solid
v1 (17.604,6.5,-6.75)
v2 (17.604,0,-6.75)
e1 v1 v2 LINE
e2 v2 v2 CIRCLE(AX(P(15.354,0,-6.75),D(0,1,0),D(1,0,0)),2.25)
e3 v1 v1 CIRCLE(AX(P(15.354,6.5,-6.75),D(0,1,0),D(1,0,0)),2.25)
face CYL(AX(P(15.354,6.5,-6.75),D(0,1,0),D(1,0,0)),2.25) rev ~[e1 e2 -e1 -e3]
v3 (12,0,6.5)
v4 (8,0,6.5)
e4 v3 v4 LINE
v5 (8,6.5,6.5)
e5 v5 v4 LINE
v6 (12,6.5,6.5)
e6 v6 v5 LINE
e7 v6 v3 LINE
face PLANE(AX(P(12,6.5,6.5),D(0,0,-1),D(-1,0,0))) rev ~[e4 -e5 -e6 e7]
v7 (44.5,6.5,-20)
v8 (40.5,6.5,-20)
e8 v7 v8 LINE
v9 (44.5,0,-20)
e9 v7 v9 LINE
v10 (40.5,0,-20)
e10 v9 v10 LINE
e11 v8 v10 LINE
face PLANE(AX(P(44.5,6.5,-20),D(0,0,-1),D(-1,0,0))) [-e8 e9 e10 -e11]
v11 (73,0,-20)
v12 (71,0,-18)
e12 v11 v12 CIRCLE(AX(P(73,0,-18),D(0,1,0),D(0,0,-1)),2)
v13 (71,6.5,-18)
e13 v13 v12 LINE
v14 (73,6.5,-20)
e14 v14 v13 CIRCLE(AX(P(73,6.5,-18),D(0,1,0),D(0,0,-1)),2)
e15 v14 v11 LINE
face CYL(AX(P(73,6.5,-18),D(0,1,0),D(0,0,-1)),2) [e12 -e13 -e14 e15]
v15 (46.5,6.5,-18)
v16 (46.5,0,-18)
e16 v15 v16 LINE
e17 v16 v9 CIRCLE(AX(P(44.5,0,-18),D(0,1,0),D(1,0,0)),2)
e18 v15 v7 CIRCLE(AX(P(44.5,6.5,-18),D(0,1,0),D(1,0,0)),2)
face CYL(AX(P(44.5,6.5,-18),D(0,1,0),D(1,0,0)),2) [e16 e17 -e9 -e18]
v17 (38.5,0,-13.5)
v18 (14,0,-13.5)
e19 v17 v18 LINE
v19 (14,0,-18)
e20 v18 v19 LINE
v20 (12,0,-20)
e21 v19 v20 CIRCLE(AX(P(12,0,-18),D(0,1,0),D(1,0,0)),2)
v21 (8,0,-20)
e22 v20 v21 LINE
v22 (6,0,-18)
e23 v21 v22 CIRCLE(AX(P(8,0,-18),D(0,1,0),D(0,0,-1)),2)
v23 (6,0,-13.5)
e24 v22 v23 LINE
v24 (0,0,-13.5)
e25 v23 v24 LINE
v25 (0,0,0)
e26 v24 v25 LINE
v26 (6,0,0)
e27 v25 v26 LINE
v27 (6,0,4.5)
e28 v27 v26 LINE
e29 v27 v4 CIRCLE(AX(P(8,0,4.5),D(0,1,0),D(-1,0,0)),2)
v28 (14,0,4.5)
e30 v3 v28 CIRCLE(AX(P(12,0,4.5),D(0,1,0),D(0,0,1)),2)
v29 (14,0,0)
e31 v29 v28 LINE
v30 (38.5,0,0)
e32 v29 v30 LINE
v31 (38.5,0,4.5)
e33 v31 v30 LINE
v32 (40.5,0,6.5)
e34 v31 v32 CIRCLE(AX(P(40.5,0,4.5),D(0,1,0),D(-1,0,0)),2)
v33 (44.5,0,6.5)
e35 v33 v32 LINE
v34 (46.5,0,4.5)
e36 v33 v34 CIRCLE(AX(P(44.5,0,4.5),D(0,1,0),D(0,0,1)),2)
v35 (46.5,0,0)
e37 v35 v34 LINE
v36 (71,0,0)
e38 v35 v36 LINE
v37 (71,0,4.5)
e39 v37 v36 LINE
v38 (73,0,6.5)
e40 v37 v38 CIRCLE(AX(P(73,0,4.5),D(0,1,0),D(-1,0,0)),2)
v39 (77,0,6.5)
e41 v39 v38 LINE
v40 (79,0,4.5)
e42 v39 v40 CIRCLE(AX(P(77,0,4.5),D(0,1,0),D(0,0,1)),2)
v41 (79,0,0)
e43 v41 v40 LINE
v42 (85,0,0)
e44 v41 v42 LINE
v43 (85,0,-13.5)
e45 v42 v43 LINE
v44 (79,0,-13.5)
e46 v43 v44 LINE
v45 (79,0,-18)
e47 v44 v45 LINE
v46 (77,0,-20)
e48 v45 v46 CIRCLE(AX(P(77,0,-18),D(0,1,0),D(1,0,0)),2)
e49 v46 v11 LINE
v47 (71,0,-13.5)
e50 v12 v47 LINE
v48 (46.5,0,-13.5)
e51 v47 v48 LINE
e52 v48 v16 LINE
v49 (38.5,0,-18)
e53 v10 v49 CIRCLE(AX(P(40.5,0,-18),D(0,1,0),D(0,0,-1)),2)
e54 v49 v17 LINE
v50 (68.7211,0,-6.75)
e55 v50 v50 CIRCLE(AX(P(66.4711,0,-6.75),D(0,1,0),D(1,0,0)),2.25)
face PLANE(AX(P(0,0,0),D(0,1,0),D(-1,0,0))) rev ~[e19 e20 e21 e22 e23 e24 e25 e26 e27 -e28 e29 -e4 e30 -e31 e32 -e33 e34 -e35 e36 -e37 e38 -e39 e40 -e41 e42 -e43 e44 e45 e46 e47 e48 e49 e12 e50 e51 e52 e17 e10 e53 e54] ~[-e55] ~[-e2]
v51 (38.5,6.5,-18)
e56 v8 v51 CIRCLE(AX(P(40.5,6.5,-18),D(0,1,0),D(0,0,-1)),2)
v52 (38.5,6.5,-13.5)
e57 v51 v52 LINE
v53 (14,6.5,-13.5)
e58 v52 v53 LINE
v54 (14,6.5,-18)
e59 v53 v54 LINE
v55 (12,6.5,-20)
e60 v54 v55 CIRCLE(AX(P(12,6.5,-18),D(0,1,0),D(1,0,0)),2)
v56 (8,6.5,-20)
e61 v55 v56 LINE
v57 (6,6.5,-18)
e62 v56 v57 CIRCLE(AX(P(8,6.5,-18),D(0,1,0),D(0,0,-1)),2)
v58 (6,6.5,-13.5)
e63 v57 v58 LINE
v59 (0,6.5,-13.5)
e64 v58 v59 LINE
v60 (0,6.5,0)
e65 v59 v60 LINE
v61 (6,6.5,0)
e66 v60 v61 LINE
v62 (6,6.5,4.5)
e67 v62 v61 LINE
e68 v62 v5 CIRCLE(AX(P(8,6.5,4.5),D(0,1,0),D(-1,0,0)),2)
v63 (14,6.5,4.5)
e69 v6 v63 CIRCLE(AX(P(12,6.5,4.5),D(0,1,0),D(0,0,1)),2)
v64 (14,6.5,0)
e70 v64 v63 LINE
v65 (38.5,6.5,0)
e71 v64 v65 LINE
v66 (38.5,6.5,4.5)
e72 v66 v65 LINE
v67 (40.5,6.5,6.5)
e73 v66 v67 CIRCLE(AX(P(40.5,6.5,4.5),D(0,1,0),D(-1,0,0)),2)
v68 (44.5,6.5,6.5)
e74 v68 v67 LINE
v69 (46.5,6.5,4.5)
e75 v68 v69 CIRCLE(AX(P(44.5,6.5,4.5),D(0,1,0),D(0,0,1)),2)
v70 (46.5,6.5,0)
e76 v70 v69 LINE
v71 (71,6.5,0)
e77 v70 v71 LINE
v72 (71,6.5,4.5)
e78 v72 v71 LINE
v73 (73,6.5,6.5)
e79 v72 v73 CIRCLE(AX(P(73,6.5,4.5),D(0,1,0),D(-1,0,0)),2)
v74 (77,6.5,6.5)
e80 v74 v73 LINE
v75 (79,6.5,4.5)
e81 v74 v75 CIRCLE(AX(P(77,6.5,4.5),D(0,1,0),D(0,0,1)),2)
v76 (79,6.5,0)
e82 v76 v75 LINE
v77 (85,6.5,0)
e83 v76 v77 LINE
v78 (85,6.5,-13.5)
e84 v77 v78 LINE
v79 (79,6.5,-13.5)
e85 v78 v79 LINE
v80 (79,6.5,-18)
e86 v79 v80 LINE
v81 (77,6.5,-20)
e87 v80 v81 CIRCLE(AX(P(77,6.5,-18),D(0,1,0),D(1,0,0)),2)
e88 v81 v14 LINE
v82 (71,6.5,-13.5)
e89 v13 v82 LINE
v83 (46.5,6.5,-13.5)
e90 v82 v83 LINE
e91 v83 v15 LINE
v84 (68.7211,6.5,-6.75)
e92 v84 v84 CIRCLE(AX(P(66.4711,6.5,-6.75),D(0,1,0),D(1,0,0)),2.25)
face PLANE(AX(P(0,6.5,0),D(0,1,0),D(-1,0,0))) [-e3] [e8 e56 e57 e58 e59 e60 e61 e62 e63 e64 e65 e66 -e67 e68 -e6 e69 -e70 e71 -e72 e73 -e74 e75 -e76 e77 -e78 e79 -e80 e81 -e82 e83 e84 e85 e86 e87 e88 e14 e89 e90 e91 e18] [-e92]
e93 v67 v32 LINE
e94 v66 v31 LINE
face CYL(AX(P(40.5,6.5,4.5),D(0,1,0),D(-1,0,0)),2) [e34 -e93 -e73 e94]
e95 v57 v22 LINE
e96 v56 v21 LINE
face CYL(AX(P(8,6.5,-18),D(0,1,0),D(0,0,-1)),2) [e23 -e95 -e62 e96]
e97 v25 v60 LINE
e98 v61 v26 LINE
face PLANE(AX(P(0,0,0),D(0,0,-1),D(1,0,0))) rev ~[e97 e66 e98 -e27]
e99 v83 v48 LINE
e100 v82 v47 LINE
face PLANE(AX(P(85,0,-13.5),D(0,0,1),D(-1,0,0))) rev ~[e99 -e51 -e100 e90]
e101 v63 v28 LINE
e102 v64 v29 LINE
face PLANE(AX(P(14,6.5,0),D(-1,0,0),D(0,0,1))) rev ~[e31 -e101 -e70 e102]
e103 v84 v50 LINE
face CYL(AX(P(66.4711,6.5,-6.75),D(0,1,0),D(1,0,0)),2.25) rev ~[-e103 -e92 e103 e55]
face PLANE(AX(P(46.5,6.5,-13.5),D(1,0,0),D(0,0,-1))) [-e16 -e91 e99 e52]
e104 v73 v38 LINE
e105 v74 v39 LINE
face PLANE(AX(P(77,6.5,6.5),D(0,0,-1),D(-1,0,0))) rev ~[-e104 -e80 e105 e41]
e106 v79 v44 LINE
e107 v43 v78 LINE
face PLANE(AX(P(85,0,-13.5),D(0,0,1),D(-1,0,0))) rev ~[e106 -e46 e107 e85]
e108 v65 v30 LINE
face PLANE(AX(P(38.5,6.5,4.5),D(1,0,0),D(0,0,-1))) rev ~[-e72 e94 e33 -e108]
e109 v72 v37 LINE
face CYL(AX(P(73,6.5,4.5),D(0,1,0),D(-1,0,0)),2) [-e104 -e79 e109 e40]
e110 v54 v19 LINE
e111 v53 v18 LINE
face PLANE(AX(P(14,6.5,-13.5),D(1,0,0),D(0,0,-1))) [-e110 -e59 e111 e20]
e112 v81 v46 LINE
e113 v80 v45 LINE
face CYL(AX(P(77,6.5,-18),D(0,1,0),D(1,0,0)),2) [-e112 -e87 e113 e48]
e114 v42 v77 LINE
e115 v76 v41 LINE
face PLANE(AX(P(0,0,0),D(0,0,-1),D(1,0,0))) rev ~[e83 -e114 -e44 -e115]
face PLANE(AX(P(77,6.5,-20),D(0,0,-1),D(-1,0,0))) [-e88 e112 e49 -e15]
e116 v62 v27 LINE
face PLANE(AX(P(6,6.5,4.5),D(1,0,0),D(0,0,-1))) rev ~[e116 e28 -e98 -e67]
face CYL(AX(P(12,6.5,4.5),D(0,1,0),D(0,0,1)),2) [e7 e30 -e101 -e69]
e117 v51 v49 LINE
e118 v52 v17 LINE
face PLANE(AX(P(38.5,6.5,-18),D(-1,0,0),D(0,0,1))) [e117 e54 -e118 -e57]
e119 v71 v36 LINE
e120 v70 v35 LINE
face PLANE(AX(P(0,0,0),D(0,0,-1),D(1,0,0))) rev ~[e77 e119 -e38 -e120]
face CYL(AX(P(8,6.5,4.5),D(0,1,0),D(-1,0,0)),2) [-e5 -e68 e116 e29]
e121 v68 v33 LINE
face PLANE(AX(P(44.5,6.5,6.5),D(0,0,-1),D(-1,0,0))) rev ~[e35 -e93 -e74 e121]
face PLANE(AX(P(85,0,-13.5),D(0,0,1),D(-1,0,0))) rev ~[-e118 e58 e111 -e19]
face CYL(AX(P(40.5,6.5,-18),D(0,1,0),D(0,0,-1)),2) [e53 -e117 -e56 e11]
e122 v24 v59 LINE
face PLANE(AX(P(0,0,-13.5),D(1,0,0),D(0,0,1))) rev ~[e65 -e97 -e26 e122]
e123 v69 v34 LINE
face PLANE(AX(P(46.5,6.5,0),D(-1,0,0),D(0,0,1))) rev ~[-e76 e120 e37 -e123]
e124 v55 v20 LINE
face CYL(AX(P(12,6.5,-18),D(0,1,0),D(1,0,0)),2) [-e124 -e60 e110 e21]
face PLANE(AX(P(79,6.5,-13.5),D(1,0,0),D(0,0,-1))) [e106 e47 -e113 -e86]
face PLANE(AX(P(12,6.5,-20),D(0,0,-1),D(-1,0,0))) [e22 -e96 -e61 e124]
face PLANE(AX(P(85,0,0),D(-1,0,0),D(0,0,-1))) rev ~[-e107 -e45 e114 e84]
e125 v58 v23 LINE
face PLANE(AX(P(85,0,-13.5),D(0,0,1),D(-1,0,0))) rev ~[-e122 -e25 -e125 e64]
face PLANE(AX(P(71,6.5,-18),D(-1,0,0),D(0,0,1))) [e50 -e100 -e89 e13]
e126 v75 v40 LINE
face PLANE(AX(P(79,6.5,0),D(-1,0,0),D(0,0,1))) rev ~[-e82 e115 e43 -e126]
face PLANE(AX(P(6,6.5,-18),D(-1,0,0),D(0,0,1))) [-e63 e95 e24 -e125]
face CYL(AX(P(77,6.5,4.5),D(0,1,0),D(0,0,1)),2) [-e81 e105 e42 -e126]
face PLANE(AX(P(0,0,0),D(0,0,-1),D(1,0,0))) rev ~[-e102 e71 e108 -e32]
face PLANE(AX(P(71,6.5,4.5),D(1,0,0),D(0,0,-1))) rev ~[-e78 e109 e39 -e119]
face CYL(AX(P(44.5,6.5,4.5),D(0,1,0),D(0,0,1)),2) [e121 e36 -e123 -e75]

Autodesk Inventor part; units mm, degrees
ref_plane "YZ Plane" through (0, 0, 0) normal (1, 0, 0) x (0, 1, 0)
ref_plane "XZ Plane" through (0, 0, 0) normal (0, 1, 0) x (-1, 0, 0)
ref_plane "XY Plane" through (0, 0, 0) normal (0, 0, 1) x (1, 0, 0)
sketch "Sketch1" plane through (0, 0, 0) normal (0, 1, 0) x (-1, 0, 0)
  line L0 (0, 0) -> (-85, 0)
  line L1 (-85, 0) -> (-85, -13.5)
  line L2 (-85, -13.5) -> (0, -13.5)
  line L3 (0, -13.5) -> (0, 0)
  dimension "d0" = 85
  dimension "d1" = 13.5
extrude "Extrusion1" add sketch "Sketch1" along normal blind 6.5
sketch "Sketch2" plane through (0, 6.5, 0) normal (0, 1, 0) x (1, 0, 0)
  line L0 (0, 0) -> (85, 0) projected
  line L1 (85, 0) -> (85, 13.5) projected
  line L2 (85, 13.5) -> (0, 13.5) projected
  line L3 (0, 13.5) -> (0, 0) projected
  line L4 (6, 13.5) -> (14, 13.5)
  line L5 (14, 13.5) -> (14, 18)
  line L6 (12, 20) -> (8, 20)
  line L7 (6, 18) -> (6, 13.5)
  line L8 (38.5, 13.5) -> (46.5, 13.5)
  line L9 (46.5, 13.5) -> (46.5, 18)
  line L10 (44.5, 20) -> (40.5, 20)
  line L11 (38.5, 18) -> (38.5, 13.5)
  line L12 (71, 13.5) -> (79, 13.5)
  line L13 (79, 13.5) -> (79, 18)
  line L14 (77, 20) -> (73, 20)
  line L15 (71, 18) -> (71, 13.5)
  line L16 (6, 0) -> (14, 0)
  line L17 (14, 0) -> (14, -4.5)
  line L18 (12, -6.5) -> (8, -6.5)
  line L19 (6, -4.5) -> (6, 0)
  line L20 (38.5, 0) -> (46.5, 0)
  line L21 (46.5, 0) -> (46.5, -4.5)
  line L22 (44.5, -6.5) -> (40.5, -6.5)
  line L23 (38.5, -4.5) -> (38.5, 0)
  line L24 (71, 0) -> (79, 0)
  line L25 (79, 0) -> (79, -4.5)
  line L26 (77, -6.5) -> (73, -6.5)
  line L27 (71, -4.5) -> (71, 0)
  arc A0 (8, 20) -> (6, 18) centre (8, 18) ccw
  arc A1 (14, 18) -> (12, 20) centre (12, 18) ccw
  arc A2 (40.5, 20) -> (38.5, 18) centre (40.5, 18) ccw
  arc A3 (46.5, 18) -> (44.5, 20) centre (44.5, 18) ccw
  arc A4 (73, 20) -> (71, 18) centre (73, 18) ccw
  arc A5 (79, 18) -> (77, 20) centre (77, 18) ccw
  arc A6 (6, -4.5) -> (8, -6.5) centre (8, -4.5) ccw
  arc A7 (12, -6.5) -> (14, -4.5) centre (12, -4.5) ccw
  arc A8 (38.5, -4.5) -> (40.5, -6.5) centre (40.5, -4.5) ccw
  arc A9 (44.5, -6.5) -> (46.5, -4.5) centre (44.5, -4.5) ccw
  arc A10 (71, -4.5) -> (73, -6.5) centre (73, -4.5) ccw
  arc A11 (77, -6.5) -> (79, -4.5) centre (77, -4.5) ccw
  line L28 (14, 15.75) -> (38.5, 15.75) construction
  line L29 (46.5, 15.75) -> (71, 15.75) construction
  dimension "d4" = 2
  dimension "d5" = 8
  dimension "d6" = 8
  dimension "d7" = 8
  dimension "d8" = 6.5
  dimension "d9" = 6.5
  dimension "d10" = 6
  dimension "d11" = 6
extrude "Extrusion2" add sketch "Sketch2" against normal blind 6.5 contours L0 L17 A7 L18 A6 L19 | L7 A0 L6 A1 L5 L2 | L0 L21 A9 L22 A8 L23 | L11 A2 L10 A3 L9 L2 | L0 L25 A11 L26 A10 L27 | L15 A4 L14 A5 L13 L2
sketch "Sketch4" plane through (0, 6.5, 0) normal (0, 1, 0) x (1, 0, 0)
  line L0 (85, 0) -> (85, 13.5) projected
  circle A0 centre (66.4711, 6.75) radius 2.25
  line L1 (46.5, 0) -> (71, 0) projected
  line L2 (85, 0) -> (0, -27.6346) construction
  line L3 (71, 13.5) -> (46.5, 13.5) projected
  line L4 (70.2271, -4.8028) -> (64.2766, 13.5) construction
  point P0 (85, 6.75)
  point P1 (0, 0)
  dimension "d14" = 4.5
  dimension "d18" = 18.01
  dimension "d19" = 15.534
extrude "Extrusion3" cut sketch "Sketch4" against normal through all
sketch "Sketch5" plane through (0, 6.5, 0) normal (0, 1, 0) x (1, 0, 0)
  circle A0 centre (66.4711, 6.75) radius 2.25 projected
  line L0 (85, 0) -> (85, 13.5) projected
  line L1 (0, 13.5) -> (0, 0) projected
  circle A1 centre (15.354, 6.75) radius 2.25
  point P0 (0, 6.75)
  dimension "d22" = 69.646
extrude "Extrusion4" cut sketch "Sketch5" against normal through all contours A1
equation "\"d6\" = d5"
equation "\"d7\" = d6"
equation "\"d9\" = d8"
equation "\"d11\" = d10"
properties part number "z_pulley_holder" material "Plywood, Finish"
